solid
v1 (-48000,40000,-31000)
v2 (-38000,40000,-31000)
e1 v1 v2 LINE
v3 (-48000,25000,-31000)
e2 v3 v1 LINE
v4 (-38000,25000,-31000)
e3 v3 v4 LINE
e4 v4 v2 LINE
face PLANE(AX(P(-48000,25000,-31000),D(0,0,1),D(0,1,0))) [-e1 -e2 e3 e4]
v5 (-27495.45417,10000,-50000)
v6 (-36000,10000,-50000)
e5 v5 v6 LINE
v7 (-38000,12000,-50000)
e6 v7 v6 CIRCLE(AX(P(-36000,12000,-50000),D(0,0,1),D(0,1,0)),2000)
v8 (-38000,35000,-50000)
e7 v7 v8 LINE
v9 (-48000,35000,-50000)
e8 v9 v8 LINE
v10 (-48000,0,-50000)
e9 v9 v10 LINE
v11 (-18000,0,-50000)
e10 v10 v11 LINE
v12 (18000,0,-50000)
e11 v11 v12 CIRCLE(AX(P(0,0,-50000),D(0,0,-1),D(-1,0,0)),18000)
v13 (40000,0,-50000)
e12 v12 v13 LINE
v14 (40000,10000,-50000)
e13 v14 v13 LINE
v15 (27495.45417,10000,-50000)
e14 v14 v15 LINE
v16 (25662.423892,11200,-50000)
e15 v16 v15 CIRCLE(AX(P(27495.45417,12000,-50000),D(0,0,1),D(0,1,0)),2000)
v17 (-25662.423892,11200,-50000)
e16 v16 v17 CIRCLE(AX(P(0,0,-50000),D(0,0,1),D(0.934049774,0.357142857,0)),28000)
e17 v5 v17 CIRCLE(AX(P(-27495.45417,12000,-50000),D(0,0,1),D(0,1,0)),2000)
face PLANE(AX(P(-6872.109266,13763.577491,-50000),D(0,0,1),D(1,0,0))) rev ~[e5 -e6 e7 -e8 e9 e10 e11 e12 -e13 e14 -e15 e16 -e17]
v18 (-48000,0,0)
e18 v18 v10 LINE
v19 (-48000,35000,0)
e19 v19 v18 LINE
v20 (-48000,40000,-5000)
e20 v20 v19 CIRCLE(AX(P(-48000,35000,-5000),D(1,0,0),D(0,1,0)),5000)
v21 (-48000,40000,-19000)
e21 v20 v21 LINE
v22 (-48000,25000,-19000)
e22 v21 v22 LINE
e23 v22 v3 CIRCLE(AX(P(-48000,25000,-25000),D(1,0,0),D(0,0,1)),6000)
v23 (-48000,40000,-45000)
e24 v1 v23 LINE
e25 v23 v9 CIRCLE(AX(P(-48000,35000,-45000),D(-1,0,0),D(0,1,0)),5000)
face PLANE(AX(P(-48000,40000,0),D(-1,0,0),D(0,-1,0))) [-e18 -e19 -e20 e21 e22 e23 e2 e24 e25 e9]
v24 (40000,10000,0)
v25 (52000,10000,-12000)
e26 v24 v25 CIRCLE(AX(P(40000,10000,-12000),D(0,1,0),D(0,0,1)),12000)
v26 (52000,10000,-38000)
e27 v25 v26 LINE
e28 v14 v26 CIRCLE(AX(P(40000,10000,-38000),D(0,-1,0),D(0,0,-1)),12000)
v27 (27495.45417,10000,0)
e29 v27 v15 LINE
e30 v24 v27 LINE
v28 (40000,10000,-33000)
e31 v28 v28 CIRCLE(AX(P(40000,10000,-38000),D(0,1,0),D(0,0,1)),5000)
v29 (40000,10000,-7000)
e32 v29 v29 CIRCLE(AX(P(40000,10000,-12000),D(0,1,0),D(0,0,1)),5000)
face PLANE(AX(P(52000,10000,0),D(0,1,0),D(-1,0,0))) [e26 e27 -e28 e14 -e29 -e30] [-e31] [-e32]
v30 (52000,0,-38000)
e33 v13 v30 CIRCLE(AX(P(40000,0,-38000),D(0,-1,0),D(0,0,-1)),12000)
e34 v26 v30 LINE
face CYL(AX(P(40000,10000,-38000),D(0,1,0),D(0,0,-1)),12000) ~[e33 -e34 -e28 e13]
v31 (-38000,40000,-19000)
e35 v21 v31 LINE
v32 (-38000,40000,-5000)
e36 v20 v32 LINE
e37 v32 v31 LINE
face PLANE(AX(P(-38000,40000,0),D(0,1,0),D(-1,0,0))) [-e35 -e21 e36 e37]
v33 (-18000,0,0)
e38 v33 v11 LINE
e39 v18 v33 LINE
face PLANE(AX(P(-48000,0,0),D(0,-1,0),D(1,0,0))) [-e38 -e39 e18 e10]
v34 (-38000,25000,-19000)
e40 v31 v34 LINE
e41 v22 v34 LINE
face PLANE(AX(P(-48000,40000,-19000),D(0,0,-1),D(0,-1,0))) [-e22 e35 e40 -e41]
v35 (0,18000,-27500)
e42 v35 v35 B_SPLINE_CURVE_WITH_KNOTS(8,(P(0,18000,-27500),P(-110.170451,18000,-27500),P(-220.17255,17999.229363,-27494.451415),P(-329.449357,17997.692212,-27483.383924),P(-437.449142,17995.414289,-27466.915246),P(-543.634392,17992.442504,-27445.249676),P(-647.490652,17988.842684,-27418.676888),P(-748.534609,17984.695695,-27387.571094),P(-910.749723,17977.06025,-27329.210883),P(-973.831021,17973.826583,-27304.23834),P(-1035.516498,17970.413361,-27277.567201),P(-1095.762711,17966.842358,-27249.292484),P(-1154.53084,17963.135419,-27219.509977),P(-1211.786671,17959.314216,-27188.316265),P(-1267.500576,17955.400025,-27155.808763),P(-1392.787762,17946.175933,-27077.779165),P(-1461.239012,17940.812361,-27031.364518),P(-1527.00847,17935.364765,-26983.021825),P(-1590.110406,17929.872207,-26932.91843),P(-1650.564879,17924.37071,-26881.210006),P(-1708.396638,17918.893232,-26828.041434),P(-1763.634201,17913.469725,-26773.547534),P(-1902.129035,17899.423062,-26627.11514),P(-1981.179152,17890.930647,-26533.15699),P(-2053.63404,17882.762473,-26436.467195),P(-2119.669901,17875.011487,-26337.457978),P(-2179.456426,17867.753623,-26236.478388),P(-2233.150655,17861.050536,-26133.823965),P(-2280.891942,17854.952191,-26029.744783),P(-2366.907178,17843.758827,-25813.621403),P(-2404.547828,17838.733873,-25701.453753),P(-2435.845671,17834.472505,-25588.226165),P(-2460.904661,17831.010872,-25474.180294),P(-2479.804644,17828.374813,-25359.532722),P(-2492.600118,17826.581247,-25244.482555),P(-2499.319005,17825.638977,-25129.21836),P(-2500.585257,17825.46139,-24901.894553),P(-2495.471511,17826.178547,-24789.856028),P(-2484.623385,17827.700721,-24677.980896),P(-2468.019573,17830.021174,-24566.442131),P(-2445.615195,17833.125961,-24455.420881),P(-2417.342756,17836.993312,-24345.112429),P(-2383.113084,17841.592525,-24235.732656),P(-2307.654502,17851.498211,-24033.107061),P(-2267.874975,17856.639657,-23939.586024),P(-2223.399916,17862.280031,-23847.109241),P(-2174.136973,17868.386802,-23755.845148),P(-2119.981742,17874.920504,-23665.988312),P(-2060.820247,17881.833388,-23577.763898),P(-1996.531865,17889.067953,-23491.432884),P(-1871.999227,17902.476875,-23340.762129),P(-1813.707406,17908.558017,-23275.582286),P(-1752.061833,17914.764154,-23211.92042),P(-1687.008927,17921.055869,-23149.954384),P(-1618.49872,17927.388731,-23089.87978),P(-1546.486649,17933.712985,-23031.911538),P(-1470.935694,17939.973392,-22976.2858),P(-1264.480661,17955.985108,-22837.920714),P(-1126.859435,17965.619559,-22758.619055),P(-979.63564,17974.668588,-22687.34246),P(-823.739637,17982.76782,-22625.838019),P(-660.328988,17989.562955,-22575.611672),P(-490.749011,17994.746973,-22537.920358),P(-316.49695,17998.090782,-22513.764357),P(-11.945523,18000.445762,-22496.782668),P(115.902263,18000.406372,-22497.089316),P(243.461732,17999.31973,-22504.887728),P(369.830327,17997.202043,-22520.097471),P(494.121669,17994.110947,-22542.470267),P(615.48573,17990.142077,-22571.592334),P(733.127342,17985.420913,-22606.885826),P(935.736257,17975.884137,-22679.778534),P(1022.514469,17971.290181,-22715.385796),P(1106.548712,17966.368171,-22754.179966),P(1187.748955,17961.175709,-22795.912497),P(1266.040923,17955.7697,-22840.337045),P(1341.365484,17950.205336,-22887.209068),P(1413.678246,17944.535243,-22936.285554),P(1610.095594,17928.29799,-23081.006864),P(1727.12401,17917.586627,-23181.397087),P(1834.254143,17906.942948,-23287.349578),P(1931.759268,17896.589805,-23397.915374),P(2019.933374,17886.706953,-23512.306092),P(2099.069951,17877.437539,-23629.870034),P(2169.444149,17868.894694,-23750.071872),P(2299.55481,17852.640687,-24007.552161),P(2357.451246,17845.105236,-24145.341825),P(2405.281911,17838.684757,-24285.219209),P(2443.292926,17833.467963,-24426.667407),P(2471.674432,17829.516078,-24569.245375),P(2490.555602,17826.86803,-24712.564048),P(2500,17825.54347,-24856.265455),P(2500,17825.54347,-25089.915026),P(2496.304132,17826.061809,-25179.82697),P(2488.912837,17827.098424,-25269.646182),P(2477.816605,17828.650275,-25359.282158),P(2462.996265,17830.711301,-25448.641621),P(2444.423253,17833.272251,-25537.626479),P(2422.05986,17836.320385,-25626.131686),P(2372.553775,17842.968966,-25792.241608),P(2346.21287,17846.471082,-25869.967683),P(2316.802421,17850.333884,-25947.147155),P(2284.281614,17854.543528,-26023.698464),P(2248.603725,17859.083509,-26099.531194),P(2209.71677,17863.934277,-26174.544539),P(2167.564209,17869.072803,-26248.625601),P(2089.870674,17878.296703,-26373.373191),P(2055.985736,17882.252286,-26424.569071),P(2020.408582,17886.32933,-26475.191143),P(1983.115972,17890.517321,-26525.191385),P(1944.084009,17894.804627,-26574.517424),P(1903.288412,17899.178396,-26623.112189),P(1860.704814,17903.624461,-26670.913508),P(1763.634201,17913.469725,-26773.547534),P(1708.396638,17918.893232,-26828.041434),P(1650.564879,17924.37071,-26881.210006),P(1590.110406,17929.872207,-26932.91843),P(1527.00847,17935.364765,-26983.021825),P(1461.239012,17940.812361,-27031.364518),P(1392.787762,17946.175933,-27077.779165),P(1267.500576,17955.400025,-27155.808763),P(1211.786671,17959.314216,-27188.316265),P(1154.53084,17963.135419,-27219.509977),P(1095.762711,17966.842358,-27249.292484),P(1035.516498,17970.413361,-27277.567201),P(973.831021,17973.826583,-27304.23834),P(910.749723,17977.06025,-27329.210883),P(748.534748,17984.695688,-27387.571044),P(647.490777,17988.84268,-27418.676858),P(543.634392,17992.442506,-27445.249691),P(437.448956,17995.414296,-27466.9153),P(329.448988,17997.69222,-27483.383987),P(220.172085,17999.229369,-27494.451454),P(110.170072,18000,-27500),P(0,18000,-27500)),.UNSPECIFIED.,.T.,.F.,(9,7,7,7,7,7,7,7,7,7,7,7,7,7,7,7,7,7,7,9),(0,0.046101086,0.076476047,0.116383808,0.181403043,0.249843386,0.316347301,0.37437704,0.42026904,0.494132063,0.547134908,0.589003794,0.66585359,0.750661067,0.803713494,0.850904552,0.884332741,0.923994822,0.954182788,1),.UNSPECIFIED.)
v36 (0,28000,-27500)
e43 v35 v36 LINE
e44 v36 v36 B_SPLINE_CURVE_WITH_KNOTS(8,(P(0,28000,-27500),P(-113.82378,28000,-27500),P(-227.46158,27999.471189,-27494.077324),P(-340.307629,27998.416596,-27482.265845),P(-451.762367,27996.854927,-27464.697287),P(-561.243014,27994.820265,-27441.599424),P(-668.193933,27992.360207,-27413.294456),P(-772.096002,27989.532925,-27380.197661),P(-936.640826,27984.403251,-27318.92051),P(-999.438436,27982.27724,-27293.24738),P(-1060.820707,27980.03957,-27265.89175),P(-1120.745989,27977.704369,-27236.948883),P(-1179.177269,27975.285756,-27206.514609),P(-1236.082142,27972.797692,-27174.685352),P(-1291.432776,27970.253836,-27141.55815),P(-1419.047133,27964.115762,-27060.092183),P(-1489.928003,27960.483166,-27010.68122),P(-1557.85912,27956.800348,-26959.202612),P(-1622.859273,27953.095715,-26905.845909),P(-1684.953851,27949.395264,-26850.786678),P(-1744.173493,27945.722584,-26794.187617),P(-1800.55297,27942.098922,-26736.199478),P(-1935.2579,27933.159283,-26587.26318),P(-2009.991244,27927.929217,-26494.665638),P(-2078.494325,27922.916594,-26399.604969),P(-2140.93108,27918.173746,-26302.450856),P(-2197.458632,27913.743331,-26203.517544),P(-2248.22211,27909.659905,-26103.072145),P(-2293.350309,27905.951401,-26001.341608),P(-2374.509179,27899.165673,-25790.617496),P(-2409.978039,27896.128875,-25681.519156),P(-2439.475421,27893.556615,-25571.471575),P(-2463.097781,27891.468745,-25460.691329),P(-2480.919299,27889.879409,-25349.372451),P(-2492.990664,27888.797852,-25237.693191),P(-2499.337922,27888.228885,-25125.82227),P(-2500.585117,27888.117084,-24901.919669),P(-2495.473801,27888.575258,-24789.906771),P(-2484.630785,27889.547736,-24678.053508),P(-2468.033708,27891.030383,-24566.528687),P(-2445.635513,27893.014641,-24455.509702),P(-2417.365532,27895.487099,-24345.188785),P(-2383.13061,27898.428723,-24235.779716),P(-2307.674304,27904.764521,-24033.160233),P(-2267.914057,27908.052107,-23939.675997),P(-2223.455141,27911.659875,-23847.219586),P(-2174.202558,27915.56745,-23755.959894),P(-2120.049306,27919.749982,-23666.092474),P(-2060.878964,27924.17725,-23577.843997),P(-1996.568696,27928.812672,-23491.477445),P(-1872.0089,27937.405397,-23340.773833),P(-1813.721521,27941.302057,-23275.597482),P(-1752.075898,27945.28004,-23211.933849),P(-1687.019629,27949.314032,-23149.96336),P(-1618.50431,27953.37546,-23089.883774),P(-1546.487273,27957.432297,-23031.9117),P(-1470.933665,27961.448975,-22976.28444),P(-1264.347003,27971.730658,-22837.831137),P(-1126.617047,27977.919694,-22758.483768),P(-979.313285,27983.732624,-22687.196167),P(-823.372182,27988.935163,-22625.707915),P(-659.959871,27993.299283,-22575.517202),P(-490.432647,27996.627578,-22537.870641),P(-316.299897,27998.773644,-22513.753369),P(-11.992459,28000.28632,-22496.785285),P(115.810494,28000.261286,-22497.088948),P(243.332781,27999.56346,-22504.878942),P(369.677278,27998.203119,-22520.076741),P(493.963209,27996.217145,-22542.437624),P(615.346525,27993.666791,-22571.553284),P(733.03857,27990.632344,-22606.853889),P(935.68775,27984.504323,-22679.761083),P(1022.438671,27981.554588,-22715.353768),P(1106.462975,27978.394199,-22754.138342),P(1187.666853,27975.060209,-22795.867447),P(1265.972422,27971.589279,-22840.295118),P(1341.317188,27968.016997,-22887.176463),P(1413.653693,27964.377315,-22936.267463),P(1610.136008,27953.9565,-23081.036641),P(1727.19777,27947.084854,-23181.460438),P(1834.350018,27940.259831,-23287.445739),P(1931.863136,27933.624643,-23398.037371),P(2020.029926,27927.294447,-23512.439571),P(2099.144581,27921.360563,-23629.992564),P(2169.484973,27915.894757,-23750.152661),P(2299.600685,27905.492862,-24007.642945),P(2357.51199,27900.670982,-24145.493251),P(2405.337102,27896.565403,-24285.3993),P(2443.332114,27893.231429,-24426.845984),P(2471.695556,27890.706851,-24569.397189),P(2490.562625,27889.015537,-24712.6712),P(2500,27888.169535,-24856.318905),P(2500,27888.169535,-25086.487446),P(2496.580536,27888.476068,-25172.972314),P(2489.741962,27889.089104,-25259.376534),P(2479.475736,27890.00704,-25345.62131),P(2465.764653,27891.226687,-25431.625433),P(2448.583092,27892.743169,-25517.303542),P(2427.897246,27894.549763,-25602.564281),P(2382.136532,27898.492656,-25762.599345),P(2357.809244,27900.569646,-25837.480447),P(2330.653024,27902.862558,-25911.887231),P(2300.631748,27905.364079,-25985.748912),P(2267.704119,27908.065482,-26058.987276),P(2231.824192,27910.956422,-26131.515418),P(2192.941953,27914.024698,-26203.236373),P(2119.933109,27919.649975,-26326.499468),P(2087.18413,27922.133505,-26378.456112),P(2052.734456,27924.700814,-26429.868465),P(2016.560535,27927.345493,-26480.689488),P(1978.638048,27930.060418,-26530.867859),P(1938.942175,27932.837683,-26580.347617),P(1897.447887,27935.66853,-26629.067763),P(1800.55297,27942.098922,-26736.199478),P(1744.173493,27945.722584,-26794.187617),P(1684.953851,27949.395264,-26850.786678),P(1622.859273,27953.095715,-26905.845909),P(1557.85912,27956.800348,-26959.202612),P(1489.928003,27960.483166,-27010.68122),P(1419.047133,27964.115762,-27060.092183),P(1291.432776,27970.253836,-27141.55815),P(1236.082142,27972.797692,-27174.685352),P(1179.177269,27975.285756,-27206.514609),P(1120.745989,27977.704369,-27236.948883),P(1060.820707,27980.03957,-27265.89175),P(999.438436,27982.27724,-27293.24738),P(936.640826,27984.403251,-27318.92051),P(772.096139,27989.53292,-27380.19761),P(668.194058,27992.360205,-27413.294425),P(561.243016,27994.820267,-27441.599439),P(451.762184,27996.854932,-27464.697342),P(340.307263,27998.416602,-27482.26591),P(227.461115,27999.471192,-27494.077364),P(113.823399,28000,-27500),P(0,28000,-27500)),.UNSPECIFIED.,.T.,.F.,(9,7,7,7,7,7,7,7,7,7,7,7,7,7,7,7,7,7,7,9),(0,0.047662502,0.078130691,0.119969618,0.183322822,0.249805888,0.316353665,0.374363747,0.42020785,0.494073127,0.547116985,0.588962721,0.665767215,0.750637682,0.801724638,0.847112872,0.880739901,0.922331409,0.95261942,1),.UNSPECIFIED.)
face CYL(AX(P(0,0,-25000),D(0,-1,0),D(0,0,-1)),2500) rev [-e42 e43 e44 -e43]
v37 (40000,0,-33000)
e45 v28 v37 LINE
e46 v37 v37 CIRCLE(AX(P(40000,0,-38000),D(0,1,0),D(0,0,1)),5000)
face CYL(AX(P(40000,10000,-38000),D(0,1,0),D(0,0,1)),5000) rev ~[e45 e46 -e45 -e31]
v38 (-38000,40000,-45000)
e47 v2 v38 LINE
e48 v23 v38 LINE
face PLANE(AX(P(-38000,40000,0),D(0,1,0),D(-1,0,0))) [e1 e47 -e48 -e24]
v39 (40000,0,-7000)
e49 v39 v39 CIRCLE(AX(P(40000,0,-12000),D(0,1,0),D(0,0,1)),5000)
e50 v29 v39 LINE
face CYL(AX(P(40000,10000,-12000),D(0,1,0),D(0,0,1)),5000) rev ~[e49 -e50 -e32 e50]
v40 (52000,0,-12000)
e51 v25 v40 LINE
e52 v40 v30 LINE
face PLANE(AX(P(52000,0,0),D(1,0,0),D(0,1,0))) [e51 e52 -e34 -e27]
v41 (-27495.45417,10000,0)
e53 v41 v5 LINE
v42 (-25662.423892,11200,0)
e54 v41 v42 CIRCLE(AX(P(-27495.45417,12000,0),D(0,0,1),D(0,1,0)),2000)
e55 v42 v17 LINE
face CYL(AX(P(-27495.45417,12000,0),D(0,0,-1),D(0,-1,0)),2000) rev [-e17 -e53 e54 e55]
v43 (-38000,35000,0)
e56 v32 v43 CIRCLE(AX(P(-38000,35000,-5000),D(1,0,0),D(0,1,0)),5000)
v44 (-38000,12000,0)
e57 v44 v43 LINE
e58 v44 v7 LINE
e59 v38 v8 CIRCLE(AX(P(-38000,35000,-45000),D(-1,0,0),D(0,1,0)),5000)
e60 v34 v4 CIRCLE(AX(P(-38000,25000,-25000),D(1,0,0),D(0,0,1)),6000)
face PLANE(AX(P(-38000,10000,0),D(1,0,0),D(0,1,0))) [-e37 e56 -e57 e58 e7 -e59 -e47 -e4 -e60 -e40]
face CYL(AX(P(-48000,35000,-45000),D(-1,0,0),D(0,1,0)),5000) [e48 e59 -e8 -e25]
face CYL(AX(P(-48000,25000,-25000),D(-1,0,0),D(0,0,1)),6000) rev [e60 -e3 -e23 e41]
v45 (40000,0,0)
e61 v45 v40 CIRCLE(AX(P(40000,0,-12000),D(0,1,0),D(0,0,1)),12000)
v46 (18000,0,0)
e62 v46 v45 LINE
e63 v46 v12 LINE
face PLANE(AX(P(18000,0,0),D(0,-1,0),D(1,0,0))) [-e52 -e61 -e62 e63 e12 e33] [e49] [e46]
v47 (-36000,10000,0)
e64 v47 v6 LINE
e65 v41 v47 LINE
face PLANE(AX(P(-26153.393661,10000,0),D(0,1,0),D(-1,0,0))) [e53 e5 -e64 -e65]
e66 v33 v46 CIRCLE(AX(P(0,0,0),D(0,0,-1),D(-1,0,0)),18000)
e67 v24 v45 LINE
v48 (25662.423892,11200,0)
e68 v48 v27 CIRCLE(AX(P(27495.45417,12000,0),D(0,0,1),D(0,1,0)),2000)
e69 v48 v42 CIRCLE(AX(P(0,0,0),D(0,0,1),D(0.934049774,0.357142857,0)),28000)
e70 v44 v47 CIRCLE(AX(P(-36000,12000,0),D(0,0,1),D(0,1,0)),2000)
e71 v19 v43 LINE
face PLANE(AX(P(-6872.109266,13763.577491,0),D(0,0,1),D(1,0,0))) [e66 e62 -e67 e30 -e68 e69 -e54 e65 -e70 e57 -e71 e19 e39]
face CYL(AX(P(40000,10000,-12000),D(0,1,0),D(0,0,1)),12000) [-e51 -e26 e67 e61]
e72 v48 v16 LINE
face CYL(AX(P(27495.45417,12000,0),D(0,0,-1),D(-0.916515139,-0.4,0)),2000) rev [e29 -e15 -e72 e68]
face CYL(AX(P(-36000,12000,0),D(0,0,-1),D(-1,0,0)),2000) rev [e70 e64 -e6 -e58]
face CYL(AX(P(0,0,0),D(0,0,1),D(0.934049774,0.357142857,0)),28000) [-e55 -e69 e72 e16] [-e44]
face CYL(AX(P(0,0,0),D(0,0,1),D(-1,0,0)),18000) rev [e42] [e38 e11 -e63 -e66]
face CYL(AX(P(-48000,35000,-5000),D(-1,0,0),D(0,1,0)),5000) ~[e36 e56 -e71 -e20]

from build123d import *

# Parameters (mm, degrees)
BOSS_EXTRUDE1_DEPTH = 50000
CUT_EXTRUDE1_DEPTH  = 10000
CUT_EXTRUDE2_DEPTH  = 10000
FILLET1_R           = 2000
CUT_EXTRUDE3_DEPTH  = 10000
FILLET2_R           = 2000
SKETCH5_R           = 5000
CUT_EXTRUDE4_DEPTH  = 10000
SKETCH6_R           = 2500
CUT_EXTRUDE5_DEPTH  = 100000


with BuildPart() as part:
    # Sketch1 → Boss-Extrude1 (new body)
    with BuildSketch(Plane.XY):
        with BuildLine():
            Line((18000, 0), (52000, 0))
            Line((52000, 0), (52000, 10000))
            Line((52000, 10000), (26153.393661244, 10000))
            ThreePointArc((26153.393661244, 10000), (0, 28000), (-26153.393661244, 10000))
            Line((-26153.393661244, 10000), (-38000, 10000))
            Line((-38000, 10000), (-38000, 40000))
            Line((-38000, 40000), (-48000, 40000))
            Line((-48000, 40000), (-48000, 0))
            Line((-48000, 0), (-18000, 0))
            ThreePointArc((-18000, 0), (0, 18000), (18000, 0))
        make_face()
    extrude(amount=-BOSS_EXTRUDE1_DEPTH)

    # Sketch2 → Cut-Extrude1 (cut)
    with BuildSketch(Plane.ZY.offset(48000)):
        with BuildLine():
            Line((-50000, 35000), (-50000, 40000))
            Line((-50000, 40000), (-45000, 40000))
            ThreePointArc((-45000, 40000), (-48535.533905933, 38535.533905933), (-50000, 35000))
        make_face()
        with BuildLine():
            Line((0, 35000), (0, 40000))
            Line((0, 40000), (-5000, 40000))
            ThreePointArc((-5000, 40000), (-1464.466094067, 38535.533905933), (0, 35000))
        make_face()
    extrude(amount=-CUT_EXTRUDE1_DEPTH, mode=Mode.SUBTRACT)

    # Sketch3 → Cut-Extrude2 (cut)
    with BuildSketch(Plane.ZY.offset(48000)):
        with BuildLine():
            Line((-31000, 40000), (-19000, 40000))
            Line((-19000, 40000), (-19000, 25000))
            ThreePointArc((-19000, 25000), (-25000, 19000), (-31000, 25000))
            Line((-31000, 25000), (-31000, 40000))
        make_face()
    extrude(amount=-CUT_EXTRUDE2_DEPTH, mode=Mode.SUBTRACT)

    # Fillet1
    fillet1_edges = [part.edges().sort_by_distance(p)[0] for p in [
        (-38000, 10000, -25000),
        (-26153.393661244, 10000, -25000),
    ]]
    fillet(fillet1_edges, radius=FILLET1_R)

    # Sketch4 → Cut-Extrude3 (cut)
    with BuildSketch(Plane(origin=(0, 10000, 0), x_dir=(1, 0, 0), z_dir=(0, 1, 0))):
        with BuildLine():
            Line((52000, 38000), (52000, 50000))
            Line((52000, 50000), (40000, 50000))
            ThreePointArc((40000, 50000), (48485.281374239, 46485.281374239), (52000, 38000))
        make_face()
        with BuildLine():
            Line((52000, 12000), (52000, 0))
            Line((52000, 0), (40000, 0))
            ThreePointArc((40000, 0), (48485.281374239, 3514.718625761), (52000, 12000))
        make_face()
    extrude(amount=-CUT_EXTRUDE3_DEPTH, mode=Mode.SUBTRACT)

    # Fillet2
    fillet2_edges = [part.edges().sort_by_distance(p)[0] for p in [
        (26153.393661244, 10000, -25000),
    ]]
    fillet(fillet2_edges, radius=FILLET2_R)

    # Sketch5 → Cut-Extrude4 (cut)
    with BuildSketch(Plane(origin=(0, 10000, 0), x_dir=(1, 0, 0), z_dir=(0, 1, 0))):
        with Locations(Location((40000, 12000, 0), (0, 0, 270))):
            Circle(SKETCH5_R)
        with Locations(Location((40000, 38000, 0), (0, 0, 270))):
            Circle(SKETCH5_R)
    extrude(amount=-CUT_EXTRUDE4_DEPTH, mode=Mode.SUBTRACT)

    # Sketch6 → Cut-Extrude5 (cut)
    with BuildSketch(Plane(origin=(0, 0, 0), x_dir=(1, 0, 0), z_dir=(0, 1, 0))):
        with Locations(Location((0, 25000, 0), (0, 0, 90))):
            Circle(SKETCH6_R)
    extrude(amount=CUT_EXTRUDE5_DEPTH, mode=Mode.SUBTRACT)


solid = part.part
